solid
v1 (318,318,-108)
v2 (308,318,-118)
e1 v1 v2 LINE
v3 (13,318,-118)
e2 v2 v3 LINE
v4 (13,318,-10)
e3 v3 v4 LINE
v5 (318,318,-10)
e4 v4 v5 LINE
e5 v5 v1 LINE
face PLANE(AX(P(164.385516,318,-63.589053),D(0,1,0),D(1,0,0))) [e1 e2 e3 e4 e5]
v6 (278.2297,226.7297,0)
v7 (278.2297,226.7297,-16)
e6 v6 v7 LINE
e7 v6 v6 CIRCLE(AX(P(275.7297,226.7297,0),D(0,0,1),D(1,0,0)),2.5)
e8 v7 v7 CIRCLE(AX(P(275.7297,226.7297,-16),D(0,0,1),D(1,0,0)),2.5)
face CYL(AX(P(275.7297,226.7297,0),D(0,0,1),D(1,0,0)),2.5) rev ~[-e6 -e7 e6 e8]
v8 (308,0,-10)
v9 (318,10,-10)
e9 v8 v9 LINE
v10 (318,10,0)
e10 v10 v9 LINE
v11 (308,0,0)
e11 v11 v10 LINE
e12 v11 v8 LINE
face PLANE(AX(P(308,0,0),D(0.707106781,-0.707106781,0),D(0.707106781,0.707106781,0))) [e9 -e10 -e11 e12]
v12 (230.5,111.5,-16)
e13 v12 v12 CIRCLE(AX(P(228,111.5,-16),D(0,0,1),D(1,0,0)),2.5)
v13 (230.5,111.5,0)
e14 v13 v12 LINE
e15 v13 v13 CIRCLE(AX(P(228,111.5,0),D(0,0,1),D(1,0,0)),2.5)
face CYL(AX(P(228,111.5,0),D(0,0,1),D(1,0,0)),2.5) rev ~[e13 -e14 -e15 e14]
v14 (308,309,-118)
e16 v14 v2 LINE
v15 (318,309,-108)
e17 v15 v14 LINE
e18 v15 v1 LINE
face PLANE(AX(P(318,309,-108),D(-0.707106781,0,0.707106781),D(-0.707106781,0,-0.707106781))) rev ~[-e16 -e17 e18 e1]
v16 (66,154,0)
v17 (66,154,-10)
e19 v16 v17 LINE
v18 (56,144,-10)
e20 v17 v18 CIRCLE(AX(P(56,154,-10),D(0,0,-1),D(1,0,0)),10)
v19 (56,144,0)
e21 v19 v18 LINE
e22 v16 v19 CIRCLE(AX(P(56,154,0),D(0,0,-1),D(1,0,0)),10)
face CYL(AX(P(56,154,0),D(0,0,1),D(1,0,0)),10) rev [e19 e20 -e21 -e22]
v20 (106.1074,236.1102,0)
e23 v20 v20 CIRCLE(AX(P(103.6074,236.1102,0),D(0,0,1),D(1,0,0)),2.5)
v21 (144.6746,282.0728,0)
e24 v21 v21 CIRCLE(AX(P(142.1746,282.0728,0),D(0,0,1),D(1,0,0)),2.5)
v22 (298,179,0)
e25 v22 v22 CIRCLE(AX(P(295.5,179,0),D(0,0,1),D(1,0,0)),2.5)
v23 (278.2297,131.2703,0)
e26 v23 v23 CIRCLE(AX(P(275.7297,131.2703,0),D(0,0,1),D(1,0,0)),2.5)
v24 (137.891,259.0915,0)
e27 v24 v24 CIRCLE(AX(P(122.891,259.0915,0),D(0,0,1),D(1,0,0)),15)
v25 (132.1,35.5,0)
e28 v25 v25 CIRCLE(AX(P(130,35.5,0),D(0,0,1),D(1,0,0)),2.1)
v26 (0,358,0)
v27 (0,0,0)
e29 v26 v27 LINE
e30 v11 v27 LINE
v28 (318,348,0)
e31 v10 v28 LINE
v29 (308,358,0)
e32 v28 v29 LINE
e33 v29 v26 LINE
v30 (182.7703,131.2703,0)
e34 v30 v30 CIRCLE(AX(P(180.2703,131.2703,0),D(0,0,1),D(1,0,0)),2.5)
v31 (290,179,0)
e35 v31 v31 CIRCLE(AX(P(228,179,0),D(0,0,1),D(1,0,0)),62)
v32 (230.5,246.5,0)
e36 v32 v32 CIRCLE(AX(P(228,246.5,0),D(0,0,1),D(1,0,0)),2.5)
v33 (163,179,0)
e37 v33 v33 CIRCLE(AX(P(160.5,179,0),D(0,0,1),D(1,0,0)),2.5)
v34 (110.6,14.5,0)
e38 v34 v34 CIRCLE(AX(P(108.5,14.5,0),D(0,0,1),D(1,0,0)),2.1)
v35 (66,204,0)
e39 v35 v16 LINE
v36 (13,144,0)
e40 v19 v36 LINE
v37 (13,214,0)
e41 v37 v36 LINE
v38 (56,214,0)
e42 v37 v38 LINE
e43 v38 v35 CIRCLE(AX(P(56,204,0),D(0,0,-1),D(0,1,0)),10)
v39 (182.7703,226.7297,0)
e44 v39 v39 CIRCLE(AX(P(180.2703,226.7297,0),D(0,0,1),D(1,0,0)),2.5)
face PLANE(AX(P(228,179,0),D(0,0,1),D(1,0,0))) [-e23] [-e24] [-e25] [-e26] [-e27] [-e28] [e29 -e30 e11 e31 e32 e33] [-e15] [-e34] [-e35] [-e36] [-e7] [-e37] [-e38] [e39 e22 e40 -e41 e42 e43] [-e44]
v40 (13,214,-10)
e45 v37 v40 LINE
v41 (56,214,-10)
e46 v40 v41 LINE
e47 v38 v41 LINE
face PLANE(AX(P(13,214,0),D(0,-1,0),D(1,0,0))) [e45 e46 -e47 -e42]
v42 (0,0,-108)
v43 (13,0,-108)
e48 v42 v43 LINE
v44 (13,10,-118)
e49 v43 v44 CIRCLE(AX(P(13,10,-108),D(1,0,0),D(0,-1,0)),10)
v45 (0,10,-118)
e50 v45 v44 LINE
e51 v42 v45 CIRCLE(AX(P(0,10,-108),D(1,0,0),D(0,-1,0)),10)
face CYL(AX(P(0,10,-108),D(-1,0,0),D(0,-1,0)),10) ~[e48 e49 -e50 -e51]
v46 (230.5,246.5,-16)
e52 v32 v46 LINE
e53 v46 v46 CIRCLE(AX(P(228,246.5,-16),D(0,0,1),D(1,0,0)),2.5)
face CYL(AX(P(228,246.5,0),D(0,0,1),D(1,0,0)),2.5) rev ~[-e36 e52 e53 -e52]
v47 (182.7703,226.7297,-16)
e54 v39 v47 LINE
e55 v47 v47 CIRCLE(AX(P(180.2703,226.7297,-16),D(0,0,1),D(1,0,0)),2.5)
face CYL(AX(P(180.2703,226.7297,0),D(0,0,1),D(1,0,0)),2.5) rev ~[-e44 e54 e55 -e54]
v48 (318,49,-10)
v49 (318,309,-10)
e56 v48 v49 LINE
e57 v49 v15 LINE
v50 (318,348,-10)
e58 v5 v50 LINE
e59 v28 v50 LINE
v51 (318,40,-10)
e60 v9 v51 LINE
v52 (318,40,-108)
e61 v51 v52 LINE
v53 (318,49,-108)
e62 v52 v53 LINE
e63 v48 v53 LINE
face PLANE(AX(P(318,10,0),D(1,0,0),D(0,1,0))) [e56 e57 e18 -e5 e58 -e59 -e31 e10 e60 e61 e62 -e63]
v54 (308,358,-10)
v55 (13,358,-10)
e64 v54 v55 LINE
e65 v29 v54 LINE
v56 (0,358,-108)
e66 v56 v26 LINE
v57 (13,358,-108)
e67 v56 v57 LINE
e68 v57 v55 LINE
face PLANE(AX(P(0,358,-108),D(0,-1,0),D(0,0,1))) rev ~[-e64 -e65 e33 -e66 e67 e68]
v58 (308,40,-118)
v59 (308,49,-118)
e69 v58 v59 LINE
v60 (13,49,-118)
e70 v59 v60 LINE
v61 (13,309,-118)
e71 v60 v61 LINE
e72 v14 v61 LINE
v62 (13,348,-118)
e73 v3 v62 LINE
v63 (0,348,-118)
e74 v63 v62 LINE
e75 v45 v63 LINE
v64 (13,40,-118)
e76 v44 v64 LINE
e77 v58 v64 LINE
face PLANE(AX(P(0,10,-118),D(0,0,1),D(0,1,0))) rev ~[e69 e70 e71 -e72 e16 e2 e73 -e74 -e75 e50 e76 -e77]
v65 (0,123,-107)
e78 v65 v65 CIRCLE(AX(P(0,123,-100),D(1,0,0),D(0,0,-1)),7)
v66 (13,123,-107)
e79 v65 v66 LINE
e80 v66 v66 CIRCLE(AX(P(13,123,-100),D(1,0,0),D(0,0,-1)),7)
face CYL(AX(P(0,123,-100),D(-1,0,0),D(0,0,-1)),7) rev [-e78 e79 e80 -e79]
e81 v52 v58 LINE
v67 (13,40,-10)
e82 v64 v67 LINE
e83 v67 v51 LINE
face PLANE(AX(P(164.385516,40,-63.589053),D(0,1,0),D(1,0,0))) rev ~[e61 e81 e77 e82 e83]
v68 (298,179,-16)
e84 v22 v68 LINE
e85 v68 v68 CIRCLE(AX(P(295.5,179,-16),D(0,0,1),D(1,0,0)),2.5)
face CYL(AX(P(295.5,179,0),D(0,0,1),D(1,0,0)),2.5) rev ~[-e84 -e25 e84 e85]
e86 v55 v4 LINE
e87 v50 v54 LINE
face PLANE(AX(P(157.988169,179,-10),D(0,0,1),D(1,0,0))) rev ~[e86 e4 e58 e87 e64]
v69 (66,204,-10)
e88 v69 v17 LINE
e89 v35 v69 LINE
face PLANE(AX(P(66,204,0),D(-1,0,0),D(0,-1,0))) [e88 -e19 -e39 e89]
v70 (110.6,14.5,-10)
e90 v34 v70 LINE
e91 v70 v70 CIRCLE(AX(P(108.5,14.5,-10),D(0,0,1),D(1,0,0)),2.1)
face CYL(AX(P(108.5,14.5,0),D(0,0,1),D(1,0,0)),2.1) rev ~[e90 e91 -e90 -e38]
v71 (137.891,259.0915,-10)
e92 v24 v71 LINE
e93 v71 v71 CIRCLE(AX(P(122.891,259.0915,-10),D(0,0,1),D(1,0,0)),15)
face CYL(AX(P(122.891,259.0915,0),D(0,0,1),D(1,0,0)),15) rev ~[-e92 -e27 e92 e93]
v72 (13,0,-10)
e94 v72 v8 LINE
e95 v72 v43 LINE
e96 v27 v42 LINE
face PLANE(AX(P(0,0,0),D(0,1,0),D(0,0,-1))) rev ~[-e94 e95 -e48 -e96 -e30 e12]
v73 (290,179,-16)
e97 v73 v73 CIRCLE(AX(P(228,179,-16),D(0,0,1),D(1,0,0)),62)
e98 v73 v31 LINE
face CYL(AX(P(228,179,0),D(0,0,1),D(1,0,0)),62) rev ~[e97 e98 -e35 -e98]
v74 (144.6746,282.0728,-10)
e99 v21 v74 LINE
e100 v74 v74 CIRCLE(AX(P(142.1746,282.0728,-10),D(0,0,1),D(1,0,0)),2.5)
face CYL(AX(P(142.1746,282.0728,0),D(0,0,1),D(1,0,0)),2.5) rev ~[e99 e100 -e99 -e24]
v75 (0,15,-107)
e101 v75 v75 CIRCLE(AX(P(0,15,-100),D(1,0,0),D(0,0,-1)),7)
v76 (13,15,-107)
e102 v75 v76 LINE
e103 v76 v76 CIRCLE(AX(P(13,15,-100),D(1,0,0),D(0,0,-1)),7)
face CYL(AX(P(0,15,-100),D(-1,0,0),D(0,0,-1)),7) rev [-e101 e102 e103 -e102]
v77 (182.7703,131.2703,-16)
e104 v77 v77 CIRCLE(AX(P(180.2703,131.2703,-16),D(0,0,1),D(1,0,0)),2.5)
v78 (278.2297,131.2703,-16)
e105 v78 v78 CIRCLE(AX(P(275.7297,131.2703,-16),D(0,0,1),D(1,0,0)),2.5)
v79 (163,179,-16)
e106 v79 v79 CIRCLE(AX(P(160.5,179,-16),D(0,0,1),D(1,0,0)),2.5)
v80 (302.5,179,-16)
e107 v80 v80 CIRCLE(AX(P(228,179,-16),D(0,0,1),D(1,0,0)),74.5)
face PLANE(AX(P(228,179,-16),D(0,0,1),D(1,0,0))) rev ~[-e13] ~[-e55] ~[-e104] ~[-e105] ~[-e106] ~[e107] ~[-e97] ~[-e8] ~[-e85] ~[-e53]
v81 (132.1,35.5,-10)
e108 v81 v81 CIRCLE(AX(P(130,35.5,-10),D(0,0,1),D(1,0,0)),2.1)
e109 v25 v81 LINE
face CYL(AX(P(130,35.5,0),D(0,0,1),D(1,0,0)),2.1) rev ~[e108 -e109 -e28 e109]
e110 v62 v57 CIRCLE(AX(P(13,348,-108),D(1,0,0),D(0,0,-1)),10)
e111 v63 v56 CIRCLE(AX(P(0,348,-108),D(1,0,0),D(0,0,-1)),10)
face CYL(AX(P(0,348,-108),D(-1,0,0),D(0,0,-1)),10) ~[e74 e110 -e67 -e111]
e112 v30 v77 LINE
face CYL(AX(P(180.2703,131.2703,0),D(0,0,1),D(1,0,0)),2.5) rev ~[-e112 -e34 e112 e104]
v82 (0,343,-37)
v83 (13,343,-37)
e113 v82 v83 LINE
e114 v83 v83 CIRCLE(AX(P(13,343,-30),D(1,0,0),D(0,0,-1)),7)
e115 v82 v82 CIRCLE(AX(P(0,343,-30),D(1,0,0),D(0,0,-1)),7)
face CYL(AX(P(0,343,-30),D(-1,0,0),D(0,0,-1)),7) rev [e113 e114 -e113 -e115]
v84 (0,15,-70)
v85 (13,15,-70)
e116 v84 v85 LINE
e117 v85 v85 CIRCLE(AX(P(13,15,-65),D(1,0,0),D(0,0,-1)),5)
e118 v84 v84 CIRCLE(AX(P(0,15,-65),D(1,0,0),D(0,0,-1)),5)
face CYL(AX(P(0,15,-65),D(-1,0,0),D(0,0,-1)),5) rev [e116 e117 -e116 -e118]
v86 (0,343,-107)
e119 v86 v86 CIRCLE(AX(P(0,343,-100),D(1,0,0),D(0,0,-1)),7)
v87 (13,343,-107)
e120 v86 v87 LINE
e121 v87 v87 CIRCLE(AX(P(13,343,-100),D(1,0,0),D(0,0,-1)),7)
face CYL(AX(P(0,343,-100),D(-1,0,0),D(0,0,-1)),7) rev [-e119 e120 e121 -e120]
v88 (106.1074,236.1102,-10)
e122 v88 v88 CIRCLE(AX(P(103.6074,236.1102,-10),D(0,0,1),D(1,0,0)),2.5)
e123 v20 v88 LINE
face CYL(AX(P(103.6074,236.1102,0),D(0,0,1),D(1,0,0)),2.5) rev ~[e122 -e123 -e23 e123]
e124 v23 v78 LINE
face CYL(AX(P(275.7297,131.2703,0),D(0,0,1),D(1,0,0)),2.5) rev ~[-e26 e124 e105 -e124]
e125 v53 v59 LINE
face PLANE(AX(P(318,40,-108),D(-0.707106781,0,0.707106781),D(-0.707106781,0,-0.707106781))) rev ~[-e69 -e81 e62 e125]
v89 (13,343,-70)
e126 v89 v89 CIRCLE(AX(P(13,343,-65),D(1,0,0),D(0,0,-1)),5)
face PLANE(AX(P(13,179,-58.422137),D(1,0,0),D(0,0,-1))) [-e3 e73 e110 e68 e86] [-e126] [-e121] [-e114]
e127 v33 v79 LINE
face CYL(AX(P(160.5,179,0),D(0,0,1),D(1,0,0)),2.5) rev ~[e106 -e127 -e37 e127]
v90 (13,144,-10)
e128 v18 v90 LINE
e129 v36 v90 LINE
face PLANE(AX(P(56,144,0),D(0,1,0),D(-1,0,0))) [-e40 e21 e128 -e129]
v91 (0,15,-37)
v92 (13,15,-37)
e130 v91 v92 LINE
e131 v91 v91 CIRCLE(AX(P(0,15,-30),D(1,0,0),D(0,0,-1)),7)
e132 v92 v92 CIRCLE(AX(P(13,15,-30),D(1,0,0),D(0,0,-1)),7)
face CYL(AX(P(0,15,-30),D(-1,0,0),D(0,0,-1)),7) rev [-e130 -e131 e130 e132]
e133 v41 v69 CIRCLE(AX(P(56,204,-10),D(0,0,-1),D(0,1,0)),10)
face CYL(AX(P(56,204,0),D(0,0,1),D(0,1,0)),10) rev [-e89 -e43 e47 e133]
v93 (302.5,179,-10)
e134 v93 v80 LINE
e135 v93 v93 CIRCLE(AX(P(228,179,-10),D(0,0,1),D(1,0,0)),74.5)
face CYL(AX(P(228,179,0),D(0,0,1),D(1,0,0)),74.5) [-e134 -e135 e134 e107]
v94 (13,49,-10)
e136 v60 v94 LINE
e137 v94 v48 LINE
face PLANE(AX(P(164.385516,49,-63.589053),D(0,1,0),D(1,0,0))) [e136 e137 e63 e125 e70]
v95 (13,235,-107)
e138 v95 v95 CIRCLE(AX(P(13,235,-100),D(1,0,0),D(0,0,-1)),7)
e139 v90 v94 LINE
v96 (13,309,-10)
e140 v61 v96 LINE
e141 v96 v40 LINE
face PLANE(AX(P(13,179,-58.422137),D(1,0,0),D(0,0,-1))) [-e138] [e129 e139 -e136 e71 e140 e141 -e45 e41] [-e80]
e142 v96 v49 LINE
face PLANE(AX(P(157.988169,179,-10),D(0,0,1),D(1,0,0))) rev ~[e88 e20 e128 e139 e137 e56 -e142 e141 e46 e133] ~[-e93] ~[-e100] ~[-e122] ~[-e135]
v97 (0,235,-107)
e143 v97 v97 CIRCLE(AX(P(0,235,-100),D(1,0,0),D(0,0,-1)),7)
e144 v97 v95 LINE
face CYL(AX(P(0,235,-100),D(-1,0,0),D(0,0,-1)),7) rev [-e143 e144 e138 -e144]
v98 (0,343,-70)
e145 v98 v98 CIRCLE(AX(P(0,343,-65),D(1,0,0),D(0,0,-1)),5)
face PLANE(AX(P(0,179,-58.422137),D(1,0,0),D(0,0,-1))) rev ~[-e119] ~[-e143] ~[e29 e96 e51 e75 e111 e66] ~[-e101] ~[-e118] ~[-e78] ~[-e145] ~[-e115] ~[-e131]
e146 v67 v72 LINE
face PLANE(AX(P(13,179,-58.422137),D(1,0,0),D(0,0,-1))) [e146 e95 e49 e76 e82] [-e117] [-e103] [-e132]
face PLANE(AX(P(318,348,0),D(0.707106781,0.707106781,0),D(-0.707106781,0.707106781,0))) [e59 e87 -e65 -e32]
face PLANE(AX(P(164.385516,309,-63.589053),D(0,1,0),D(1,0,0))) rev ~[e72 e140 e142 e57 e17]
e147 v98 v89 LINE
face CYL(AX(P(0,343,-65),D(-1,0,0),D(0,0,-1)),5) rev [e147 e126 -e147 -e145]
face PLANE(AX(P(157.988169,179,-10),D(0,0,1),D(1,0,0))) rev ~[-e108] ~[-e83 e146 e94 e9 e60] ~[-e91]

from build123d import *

# Parameters (mm, degrees)
EXTRUDE_1_DEPTH     = 10
EXTRUDE_2_DEPTH     = 13
EXTRUDE_3_DEPTH     = 9
EXTRUDE_4_DEPTH     = 9
SKETCH_7_R          = 74.5
SKETCH_7_R_2        = 62
EXTRUDE_5_DEPTH     = 16
SKETCH_8_R          = 62
CUT_EXTRUDE_1_DEPTH = 10
SKETCH_9_R          = 15
CUT_EXTRUDE_2_DEPTH = 10
SKETCH_10_R         = 2.5
CUT_EXTRUDE_3_DEPTH = 10
SKETCH_11_R         = 2.1
CUT_EXTRUDE_4_DEPTH = 10
SKETCH_12_R         = 2.5
CUT_EXTRUDE_5_DEPTH = 16
SKETCH_14_R         = 7
CUT_EXTRUDE_7_DEPTH = 13
SKETCH_16_R         = 5
CUT_EXTRUDE_9_DEPTH = 13


with BuildPart() as part:
    # ｽｹｯﾁ1 → ﾎﾞｽ - 押し出し1 (new body)
    with BuildSketch(Plane.XY):
        with BuildLine():
            Line((13, 0), (308, 0))
            Line((308, 0), (318, 10))
            Line((318, 10), (318, 348))
            Line((318, 348), (308, 358))
            Line((308, 358), (13, 358))
            Line((13, 358), (13, 214))
            Line((13, 214), (56, 214))
            ThreePointArc((56, 214), (63.071067812, 211.071067812), (66, 204))
            Line((66, 204), (66, 154))
            ThreePointArc((66, 154), (63.071067812, 146.928932188), (56, 144))
            Line((56, 144), (13, 144))
            Line((13, 144), (13, 0))
        make_face()
    extrude(amount=-EXTRUDE_1_DEPTH)

    # ｽｹｯﾁ2 → ﾎﾞｽ - 押し出し2 (add)
    with BuildSketch(Plane(origin=(0, 0, 0), x_dir=(0, 0, -1), z_dir=(1, 0, 0))):
        with BuildLine():
            Line((0, 0), (108, 0))
            ThreePointArc((108, 0), (115.071067812, 2.928932188), (118, 10))
            Line((118, 10), (118, 348))
            ThreePointArc((118, 348), (115.071067812, 355.071067812), (108, 358))
            Line((108, 358), (0, 358))
            Line((0, 358), (0, 0))
        make_face()
    extrude(amount=EXTRUDE_2_DEPTH)

    # ｽｹｯﾁ4 → ﾎﾞｽ - 押し出し3 (add)
    with BuildSketch(Plane(origin=(0, 40, 0), x_dir=(1, 0, 0), z_dir=(0, 1, 0))):
        Polygon((13, 10), (318, 10), (318, 108), (308, 118), (13, 118), align=None)
    extrude(amount=EXTRUDE_3_DEPTH)

    # ｽｹｯﾁ6 → ﾎﾞｽ - 押し出し4 (add)
    with BuildSketch(Plane(origin=(0, 309, 0), x_dir=(1, 0, 0), z_dir=(0, 1, 0))):
        Polygon((13, 10), (318, 10), (318, 108), (308, 118), (13, 118), align=None)
    extrude(amount=EXTRUDE_4_DEPTH)

    # ｽｹｯﾁ7 → ﾎﾞｽ - 押し出し5 (add)
    with BuildSketch(Plane.XY):
        with Locations((228, 179)):
            Circle(SKETCH_7_R)
        with Locations((228, 179)):
            Circle(SKETCH_7_R_2, mode=Mode.SUBTRACT)
    extrude(amount=-EXTRUDE_5_DEPTH)

    # ｽｹｯﾁ8 → ｶｯﾄ - 押し出し1 (cut)
    with BuildSketch(Plane.XY):
        with Locations((228, 179)):
            Circle(SKETCH_8_R)
    extrude(amount=-CUT_EXTRUDE_1_DEPTH, mode=Mode.SUBTRACT)

    # ｽｹｯﾁ9 → ｶｯﾄ - 押し出し2 (cut)
    with BuildSketch(Plane.XY):
        with Locations((122.891, 259.0915)):
            Circle(SKETCH_9_R)
    extrude(amount=-CUT_EXTRUDE_2_DEPTH, mode=Mode.SUBTRACT)

    # ｽｹｯﾁ10 → ｶｯﾄ - 押し出し3 (cut)
    with BuildSketch(Plane.XY):
        with Locations((103.6074, 236.1102)):
            Circle(SKETCH_10_R)
        with Locations((142.1746, 282.0728)):
            Circle(SKETCH_10_R)
    extrude(amount=-CUT_EXTRUDE_3_DEPTH, mode=Mode.SUBTRACT)

    # ｽｹｯﾁ11 → ｶｯﾄ - 押し出し4 (cut)
    with BuildSketch(Plane.XY):
        with Locations((108.5, 14.5)):
            Circle(SKETCH_11_R)
        with Locations((130, 35.5)):
            Circle(SKETCH_11_R)
    extrude(amount=-CUT_EXTRUDE_4_DEPTH, mode=Mode.SUBTRACT)

    # ｽｹｯﾁ12 → ｶｯﾄ - 押し出し5 (cut)
    with BuildSketch(Plane.XY):
        with Locations((295.5, 179)):
            Circle(SKETCH_12_R)
        with Locations((275.7297, 226.7297)):
            Circle(SKETCH_12_R)
        with Locations((228, 246.5)):
            Circle(SKETCH_12_R)
        with Locations((180.2703, 226.7297)):
            Circle(SKETCH_12_R)
        with Locations((160.5, 179)):
            Circle(SKETCH_12_R)
        with Locations((180.2703, 131.2703)):
            Circle(SKETCH_12_R)
        with Locations((228, 111.5)):
            Circle(SKETCH_12_R)
        with Locations((275.7297, 131.2703)):
            Circle(SKETCH_12_R)
    extrude(amount=-CUT_EXTRUDE_5_DEPTH, mode=Mode.SUBTRACT)

    # ｽｹｯﾁ14 → ｶｯﾄ - 押し出し7 (cut)
    with BuildSketch(Plane(origin=(0, 0, 0), x_dir=(0, 0, -1), z_dir=(1, 0, 0))):
        with Locations((30, 15)):
            Circle(SKETCH_14_R)
        with Locations((100, 15)):
            Circle(SKETCH_14_R)
        with Locations((30, 343)):
            Circle(SKETCH_14_R)
        with Locations((100, 343)):
            Circle(SKETCH_14_R)
        with Locations((100, 123)):
            Circle(SKETCH_14_R)
        with Locations((100, 235)):
            Circle(SKETCH_14_R)
    extrude(amount=CUT_EXTRUDE_7_DEPTH, mode=Mode.SUBTRACT)

    # ｽｹｯﾁ16 → ｶｯﾄ - 押し出し9 (cut)
    with BuildSketch(Plane(origin=(0, 0, 0), x_dir=(0, 0, -1), z_dir=(1, 0, 0))):
        with Locations((65, 15)):
            Circle(SKETCH_16_R)
        with Locations((65, 343)):
            Circle(SKETCH_16_R)
    extrude(amount=CUT_EXTRUDE_9_DEPTH, mode=Mode.SUBTRACT)


solid = part.part
